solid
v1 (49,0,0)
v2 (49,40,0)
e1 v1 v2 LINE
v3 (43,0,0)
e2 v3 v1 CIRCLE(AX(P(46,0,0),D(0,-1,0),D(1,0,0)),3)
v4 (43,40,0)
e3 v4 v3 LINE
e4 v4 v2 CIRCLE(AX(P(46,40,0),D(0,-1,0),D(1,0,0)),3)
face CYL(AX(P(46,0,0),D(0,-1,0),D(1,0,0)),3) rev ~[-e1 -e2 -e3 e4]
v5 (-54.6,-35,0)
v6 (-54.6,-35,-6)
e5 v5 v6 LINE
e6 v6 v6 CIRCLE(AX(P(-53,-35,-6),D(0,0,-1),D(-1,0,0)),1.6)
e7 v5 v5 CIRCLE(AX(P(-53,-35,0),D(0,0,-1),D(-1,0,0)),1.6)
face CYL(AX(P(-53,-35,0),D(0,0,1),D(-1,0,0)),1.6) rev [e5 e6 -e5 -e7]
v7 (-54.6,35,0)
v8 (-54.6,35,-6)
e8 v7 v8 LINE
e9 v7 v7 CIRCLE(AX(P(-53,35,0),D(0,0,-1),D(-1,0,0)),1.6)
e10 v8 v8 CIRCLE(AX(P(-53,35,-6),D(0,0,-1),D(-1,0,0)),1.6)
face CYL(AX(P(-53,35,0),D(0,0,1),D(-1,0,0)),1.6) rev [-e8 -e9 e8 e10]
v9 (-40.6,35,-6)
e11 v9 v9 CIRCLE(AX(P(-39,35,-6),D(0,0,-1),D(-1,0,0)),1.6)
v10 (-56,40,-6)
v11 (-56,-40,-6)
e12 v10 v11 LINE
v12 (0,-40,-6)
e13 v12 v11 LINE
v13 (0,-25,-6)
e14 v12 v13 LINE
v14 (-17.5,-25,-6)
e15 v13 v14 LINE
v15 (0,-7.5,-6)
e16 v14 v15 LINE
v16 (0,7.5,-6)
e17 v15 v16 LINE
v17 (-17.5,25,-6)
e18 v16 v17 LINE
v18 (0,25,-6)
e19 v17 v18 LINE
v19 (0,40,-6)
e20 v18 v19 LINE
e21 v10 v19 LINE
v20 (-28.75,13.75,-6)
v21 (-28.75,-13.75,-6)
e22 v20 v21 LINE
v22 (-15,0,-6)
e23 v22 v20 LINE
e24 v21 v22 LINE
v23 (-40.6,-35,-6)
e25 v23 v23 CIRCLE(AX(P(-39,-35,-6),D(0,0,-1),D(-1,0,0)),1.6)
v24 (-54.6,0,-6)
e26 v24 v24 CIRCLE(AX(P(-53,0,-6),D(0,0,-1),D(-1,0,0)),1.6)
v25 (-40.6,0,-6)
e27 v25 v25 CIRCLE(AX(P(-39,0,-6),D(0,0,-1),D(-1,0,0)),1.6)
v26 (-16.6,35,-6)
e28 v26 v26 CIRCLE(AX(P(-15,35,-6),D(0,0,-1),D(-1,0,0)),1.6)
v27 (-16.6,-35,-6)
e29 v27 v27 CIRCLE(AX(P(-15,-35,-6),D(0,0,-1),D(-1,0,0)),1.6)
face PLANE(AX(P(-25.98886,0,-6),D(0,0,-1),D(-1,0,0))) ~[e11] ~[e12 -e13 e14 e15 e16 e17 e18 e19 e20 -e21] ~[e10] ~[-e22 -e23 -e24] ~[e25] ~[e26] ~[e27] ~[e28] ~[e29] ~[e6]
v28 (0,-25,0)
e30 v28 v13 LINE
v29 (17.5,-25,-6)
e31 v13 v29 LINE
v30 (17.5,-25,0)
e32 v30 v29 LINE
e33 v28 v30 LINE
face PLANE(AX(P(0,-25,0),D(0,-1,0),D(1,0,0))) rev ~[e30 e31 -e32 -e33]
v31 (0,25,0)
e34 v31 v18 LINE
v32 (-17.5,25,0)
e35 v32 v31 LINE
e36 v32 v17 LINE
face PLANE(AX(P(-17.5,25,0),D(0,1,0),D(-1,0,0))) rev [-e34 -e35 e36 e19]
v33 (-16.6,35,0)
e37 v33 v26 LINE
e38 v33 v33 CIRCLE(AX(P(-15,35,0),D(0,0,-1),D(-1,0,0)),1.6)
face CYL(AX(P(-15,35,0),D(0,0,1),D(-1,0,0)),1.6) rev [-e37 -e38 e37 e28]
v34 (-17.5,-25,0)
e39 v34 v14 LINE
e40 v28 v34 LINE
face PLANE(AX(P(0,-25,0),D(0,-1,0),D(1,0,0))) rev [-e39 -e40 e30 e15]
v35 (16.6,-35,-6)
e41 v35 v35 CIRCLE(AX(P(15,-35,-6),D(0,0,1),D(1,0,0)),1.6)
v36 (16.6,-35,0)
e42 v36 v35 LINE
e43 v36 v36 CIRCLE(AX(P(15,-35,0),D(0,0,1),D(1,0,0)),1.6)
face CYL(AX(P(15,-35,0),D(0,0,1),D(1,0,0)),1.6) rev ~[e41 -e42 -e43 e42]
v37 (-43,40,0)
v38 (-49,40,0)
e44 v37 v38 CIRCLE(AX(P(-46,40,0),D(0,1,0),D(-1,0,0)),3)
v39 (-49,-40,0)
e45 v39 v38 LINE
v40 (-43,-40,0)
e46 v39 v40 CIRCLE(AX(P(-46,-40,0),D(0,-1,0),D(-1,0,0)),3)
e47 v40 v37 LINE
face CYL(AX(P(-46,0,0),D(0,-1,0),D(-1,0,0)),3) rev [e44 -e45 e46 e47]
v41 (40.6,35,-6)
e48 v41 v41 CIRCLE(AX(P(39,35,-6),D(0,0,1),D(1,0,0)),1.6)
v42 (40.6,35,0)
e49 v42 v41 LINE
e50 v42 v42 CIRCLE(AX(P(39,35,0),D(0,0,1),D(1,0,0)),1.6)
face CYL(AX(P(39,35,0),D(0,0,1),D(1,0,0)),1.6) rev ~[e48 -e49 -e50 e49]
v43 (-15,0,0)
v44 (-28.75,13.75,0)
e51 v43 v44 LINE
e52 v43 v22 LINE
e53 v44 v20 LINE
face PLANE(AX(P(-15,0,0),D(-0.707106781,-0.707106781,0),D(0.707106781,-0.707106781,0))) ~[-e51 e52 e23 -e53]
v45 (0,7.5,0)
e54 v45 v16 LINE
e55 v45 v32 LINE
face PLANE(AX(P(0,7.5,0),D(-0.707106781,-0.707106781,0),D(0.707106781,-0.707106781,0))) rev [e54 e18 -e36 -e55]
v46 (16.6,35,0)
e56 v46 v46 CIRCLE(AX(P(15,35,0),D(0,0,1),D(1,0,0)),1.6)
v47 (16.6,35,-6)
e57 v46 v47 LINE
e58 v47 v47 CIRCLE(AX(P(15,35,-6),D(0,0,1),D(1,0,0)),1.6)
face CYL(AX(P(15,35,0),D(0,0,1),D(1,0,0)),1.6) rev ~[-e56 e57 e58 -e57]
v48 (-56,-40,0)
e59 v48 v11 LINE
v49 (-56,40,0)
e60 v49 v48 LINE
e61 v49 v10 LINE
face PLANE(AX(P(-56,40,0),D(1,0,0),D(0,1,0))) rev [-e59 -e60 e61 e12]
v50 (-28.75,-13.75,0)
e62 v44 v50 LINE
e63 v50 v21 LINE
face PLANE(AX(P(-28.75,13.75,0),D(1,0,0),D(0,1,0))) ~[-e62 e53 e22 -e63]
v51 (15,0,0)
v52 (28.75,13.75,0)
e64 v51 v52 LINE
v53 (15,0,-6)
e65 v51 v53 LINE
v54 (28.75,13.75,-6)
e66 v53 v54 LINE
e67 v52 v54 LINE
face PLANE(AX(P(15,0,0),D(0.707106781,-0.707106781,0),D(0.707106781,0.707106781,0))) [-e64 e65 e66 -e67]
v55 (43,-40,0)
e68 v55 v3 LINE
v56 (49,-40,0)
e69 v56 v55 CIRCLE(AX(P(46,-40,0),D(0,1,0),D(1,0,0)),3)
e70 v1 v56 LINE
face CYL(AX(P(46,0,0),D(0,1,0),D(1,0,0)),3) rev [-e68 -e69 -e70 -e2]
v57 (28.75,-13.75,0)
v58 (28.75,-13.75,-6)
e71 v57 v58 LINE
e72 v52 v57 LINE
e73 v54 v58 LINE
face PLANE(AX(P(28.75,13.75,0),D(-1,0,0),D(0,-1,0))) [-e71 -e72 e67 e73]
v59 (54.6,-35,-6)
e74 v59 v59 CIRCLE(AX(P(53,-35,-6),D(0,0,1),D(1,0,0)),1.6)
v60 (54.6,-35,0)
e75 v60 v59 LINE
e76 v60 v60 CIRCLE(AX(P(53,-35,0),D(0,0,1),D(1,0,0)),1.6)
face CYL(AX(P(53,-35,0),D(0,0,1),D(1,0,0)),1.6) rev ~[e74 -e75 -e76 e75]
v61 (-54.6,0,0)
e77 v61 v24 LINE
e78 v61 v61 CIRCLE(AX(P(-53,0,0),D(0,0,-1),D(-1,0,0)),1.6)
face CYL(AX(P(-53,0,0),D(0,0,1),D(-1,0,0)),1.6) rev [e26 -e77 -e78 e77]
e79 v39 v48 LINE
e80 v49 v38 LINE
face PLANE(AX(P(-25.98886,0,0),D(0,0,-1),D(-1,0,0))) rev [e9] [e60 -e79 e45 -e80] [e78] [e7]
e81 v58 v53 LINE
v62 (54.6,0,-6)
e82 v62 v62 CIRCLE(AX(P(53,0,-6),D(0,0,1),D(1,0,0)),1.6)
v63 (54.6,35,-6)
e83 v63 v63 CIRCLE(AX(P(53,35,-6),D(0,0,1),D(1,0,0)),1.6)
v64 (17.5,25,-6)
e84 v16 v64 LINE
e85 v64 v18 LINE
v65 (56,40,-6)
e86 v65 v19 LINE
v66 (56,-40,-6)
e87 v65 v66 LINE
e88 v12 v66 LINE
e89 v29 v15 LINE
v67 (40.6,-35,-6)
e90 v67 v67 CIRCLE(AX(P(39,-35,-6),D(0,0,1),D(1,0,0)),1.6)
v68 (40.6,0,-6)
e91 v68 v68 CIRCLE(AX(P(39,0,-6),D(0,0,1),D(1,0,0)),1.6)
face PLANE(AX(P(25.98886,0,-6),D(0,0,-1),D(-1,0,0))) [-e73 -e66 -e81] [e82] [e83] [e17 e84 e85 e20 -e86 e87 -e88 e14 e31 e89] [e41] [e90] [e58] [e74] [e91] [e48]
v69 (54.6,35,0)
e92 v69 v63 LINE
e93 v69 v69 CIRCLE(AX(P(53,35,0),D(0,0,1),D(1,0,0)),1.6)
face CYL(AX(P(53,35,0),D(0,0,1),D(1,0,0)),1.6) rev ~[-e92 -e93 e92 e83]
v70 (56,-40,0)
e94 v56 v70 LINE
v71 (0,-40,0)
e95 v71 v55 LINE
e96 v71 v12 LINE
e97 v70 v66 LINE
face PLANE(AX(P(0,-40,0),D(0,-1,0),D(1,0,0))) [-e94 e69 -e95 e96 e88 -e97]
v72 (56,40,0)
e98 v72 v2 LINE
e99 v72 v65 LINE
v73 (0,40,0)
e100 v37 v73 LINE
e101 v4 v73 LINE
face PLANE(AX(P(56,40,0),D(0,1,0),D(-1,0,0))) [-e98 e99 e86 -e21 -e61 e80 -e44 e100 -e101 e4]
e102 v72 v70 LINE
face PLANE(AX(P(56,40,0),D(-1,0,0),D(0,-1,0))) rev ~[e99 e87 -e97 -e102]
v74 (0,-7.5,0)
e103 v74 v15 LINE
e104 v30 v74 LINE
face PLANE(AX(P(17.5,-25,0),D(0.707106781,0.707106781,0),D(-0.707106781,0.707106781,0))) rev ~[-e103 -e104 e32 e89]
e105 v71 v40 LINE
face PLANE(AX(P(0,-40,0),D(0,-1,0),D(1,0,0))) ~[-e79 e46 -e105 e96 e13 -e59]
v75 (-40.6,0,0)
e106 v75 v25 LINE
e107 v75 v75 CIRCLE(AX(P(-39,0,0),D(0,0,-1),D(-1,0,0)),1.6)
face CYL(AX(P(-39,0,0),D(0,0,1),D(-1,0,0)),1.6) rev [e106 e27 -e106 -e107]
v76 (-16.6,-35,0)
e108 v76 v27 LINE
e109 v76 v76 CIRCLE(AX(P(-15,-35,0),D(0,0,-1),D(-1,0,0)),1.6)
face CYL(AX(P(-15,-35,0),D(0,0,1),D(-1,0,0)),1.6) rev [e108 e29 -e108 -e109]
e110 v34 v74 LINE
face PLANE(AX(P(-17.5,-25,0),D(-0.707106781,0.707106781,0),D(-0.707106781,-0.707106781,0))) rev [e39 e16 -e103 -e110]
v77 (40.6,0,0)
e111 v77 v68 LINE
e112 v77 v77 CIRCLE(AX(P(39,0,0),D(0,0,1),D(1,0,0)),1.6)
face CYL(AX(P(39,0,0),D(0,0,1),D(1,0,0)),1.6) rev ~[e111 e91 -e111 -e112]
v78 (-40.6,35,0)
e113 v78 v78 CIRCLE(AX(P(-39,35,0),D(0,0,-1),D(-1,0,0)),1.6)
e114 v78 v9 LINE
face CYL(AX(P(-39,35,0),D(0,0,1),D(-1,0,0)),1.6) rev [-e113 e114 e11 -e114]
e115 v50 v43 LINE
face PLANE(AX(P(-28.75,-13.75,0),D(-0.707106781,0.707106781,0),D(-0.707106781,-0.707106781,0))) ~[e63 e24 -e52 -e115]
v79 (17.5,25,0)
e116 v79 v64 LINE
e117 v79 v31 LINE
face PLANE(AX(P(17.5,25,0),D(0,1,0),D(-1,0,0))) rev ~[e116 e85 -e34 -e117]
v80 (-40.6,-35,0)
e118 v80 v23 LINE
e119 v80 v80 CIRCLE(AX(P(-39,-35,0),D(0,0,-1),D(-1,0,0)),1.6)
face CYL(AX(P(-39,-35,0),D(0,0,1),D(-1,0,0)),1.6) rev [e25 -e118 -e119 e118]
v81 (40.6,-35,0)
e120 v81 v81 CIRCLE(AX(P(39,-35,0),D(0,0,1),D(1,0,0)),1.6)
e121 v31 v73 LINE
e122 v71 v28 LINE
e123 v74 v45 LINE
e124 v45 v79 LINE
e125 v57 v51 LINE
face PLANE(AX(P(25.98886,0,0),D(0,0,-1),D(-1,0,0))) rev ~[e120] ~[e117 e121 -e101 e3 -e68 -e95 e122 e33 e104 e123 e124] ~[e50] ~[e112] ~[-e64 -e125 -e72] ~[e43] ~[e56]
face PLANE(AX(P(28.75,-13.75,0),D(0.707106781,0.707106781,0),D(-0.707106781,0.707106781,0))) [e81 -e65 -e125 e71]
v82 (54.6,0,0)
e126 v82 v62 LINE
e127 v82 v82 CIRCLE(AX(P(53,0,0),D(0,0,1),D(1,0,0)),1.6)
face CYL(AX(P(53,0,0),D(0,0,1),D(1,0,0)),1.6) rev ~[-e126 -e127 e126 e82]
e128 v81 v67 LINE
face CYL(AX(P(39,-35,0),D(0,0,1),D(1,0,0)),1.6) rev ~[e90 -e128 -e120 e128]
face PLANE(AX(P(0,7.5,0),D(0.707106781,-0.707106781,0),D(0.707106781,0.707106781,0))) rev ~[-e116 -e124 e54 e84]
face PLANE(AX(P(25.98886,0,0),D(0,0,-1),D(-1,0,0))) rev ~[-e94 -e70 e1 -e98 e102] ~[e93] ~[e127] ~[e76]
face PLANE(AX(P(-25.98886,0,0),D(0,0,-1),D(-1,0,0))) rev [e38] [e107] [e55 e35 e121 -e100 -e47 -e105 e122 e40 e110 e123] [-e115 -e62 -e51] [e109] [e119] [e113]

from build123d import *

# Parameters (mm, degrees)
SKETCH_R          = 1.6
PAD_DEPTH         = 6
SKETCH001_R       = 3
POCKET_DEPTH      = 40.001
POCKET_DEPTH_BACK = -40.001


with BuildPart() as toolbody:
    # Sketch → Pad (new body)
    with BuildSketch(Plane.XY):
        Polygon((0, 40), (46, 40), (56, 40), (56, -40), (46, -40), (0, -40), (0, -25), (17.5, -25), (0, -7.5), (0, 7.5), (17.5, 25), (0, 25), align=None)
        with Locations((53, 0)):
            Circle(SKETCH_R, mode=Mode.SUBTRACT)
        with Locations((53, 35)):
            Circle(SKETCH_R, mode=Mode.SUBTRACT)
        with Locations((53, -35)):
            Circle(SKETCH_R, mode=Mode.SUBTRACT)
        with Locations((39, 35)):
            Circle(SKETCH_R, mode=Mode.SUBTRACT)
        with Locations((39, 0)):
            Circle(SKETCH_R, mode=Mode.SUBTRACT)
        with Locations((39, -35)):
            Circle(SKETCH_R, mode=Mode.SUBTRACT)
        with Locations((15, 35)):
            Circle(SKETCH_R, mode=Mode.SUBTRACT)
        with Locations((15, -35)):
            Circle(SKETCH_R, mode=Mode.SUBTRACT)
        Polygon((15, 0), (28.75, 13.75), (28.75, -13.75), align=None, mode=Mode.SUBTRACT)
    extrude(amount=-PAD_DEPTH)

    # Sketch001 → Pocket (cut, two sides)
    with BuildSketch(Plane.XZ) as pocket_sk:
        with Locations((46, 0)):
            Circle(SKETCH001_R)
    extrude(amount=-POCKET_DEPTH, mode=Mode.SUBTRACT)
    extrude(pocket_sk.sketch, amount=-POCKET_DEPTH_BACK, mode=Mode.SUBTRACT)


with BuildPart() as toolfusion:
    # Part__Mirroring: instance of ToolBody
    add(toolbody.part.mirror(Plane(origin=(0, 0, 0), x_dir=(0, -1, 0), z_dir=(1, 0, 0))))

    # Fusion: union ToolBody
    add(toolbody.part)


solid = toolfusion.part
